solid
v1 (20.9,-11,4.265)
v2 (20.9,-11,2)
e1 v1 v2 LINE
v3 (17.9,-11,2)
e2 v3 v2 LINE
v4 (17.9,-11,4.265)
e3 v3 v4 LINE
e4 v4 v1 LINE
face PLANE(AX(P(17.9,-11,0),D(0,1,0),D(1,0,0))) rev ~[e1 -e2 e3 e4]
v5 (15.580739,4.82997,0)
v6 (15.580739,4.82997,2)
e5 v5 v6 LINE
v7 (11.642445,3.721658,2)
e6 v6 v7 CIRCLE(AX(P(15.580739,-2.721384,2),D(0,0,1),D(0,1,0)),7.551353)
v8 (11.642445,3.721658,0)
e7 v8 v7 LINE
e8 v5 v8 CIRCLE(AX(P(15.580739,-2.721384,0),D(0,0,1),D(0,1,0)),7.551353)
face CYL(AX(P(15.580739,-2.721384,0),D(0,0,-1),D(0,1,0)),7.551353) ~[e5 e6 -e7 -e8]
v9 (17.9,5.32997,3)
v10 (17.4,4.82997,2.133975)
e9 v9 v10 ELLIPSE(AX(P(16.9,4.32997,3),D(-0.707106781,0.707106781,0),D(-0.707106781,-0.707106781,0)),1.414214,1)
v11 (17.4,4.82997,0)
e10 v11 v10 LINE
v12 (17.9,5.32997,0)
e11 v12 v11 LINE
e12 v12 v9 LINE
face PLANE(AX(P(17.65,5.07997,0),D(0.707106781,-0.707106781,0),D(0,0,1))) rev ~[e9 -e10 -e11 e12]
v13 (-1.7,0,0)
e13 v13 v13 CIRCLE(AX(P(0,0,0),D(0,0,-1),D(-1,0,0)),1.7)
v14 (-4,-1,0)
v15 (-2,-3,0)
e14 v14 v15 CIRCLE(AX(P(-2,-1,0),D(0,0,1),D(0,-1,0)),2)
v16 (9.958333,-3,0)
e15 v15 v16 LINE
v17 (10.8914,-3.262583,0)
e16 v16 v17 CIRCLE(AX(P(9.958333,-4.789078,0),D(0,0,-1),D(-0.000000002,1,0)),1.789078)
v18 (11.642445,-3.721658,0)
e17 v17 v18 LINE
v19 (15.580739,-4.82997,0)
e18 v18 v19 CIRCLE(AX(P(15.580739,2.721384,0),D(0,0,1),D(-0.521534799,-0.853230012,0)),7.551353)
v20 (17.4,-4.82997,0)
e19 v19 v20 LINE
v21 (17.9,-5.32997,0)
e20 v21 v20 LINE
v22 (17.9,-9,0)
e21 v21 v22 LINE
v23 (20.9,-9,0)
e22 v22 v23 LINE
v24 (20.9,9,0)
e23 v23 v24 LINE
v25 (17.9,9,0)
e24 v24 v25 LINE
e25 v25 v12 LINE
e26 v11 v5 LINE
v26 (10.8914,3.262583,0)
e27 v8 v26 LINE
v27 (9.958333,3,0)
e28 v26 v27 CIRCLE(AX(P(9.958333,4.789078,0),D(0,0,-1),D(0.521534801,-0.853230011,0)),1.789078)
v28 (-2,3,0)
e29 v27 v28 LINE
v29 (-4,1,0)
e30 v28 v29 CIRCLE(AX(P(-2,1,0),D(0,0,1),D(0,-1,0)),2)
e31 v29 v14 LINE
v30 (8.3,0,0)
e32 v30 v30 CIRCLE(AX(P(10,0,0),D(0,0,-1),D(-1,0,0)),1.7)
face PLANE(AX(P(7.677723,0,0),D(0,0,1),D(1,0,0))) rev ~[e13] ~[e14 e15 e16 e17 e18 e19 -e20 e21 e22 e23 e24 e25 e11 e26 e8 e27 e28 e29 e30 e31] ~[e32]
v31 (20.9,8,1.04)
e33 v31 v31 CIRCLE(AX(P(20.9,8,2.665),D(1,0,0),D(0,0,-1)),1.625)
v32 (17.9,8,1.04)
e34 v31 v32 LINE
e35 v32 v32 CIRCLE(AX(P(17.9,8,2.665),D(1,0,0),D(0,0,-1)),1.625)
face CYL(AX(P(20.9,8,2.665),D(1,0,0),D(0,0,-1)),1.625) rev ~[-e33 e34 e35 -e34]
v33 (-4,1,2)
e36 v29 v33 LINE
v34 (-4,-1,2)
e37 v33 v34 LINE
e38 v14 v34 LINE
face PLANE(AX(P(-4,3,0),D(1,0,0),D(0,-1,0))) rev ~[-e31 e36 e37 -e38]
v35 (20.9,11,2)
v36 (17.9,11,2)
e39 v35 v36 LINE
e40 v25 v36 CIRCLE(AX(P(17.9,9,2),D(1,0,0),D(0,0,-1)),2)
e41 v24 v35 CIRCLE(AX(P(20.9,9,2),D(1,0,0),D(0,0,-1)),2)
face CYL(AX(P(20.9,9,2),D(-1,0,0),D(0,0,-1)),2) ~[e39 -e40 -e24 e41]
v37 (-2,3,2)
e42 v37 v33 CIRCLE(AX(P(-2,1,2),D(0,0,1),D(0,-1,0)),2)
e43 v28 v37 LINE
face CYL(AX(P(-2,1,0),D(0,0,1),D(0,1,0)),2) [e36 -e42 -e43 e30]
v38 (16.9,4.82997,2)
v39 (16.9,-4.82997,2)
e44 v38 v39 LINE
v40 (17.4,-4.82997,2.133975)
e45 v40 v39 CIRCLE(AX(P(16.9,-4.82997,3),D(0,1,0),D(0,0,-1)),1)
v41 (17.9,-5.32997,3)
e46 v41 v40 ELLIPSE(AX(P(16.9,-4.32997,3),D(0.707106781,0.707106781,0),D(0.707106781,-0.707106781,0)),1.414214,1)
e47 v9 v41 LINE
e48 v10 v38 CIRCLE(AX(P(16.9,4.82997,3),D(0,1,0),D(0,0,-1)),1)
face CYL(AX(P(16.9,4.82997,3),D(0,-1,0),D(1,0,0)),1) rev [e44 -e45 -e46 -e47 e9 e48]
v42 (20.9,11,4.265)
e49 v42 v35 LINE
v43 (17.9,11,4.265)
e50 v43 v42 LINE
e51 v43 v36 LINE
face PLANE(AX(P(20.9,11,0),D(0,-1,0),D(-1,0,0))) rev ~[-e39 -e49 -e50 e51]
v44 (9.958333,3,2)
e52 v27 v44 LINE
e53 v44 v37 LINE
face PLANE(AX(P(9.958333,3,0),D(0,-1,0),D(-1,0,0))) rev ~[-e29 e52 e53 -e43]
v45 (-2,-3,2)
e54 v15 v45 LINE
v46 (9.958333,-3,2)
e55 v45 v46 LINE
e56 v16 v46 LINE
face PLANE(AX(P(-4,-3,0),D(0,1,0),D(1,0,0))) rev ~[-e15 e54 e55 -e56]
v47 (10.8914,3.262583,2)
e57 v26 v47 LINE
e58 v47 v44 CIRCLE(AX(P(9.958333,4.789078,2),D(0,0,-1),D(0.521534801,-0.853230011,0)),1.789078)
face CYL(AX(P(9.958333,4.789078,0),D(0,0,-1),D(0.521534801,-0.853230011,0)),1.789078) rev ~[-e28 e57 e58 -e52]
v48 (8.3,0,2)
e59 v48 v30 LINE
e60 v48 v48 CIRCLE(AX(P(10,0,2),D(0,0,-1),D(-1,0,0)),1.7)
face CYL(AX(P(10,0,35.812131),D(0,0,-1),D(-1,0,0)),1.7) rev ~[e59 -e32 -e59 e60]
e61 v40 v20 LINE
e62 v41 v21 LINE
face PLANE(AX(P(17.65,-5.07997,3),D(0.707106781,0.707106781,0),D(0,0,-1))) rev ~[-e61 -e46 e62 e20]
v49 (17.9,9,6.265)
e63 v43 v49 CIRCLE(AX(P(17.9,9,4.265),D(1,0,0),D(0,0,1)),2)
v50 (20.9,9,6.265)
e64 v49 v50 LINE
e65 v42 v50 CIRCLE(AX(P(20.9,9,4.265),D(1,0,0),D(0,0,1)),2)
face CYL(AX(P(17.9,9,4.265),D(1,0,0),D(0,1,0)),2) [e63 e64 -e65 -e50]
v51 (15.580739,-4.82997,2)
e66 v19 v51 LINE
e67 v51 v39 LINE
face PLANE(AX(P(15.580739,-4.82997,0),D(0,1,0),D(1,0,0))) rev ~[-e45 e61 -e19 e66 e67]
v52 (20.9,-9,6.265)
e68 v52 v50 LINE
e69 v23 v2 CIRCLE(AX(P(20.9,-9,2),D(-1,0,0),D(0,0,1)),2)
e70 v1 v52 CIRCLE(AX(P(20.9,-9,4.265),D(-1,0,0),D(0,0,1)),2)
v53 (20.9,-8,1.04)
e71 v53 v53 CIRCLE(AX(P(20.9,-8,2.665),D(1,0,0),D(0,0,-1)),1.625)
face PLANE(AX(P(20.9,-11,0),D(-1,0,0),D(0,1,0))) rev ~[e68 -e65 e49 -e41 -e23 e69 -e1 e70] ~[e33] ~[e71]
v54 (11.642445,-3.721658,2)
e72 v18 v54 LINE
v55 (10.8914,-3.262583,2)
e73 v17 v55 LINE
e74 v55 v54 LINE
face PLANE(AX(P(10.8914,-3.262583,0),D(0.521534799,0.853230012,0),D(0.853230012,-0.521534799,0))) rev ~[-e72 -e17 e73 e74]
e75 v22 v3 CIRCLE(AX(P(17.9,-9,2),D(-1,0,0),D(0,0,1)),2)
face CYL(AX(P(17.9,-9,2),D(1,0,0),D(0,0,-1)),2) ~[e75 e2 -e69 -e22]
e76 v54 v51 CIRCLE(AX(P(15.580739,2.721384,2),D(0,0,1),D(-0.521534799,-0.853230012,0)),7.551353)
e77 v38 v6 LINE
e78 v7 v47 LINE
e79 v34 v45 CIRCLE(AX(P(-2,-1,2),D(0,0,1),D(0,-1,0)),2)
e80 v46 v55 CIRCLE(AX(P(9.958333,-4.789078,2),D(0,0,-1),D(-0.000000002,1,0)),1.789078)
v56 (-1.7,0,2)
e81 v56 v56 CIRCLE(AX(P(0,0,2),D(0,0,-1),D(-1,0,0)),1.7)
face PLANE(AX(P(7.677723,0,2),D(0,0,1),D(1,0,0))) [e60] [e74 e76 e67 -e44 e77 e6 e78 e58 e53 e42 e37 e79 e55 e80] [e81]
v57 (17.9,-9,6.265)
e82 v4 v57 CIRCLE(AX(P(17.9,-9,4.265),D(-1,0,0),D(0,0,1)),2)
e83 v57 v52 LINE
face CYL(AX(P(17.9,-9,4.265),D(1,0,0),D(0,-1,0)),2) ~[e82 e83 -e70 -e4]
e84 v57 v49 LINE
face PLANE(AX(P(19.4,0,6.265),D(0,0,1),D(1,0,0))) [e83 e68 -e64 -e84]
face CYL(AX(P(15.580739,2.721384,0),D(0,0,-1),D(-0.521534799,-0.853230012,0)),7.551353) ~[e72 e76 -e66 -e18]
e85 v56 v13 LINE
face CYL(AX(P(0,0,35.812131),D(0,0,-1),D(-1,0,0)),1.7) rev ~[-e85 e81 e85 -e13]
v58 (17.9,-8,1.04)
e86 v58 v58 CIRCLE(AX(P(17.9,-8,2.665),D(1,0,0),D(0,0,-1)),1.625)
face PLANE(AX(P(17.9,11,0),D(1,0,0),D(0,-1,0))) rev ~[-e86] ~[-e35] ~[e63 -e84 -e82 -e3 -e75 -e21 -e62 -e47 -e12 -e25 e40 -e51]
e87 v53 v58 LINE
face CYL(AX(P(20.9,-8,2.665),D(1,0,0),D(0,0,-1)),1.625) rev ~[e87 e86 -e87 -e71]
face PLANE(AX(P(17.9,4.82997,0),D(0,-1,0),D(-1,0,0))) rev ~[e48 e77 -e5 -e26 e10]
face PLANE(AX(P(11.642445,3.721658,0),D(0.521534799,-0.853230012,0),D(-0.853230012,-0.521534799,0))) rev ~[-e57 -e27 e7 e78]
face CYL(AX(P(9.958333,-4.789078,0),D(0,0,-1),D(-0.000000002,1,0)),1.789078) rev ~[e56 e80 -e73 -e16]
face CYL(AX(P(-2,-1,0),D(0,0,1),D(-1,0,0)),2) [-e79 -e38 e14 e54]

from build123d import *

# Parameters (mm, degrees)
BOSS_EXTRUDE1_DEPTH  = 2
SKETCH1_3_W          = 3
SKETCH1_3_H          = 22
BOSS_EXTRUDE2_DEPTH  = 6.265
M3_CLEARANCE_HOLE1_D = 3.4
FILLET1_R            = 2
SKETCH6_R            = 1.625
CUT_EXTRUDE1_DEPTH   = 7.5
FILLET2_R            = 1
CHAMFER1_SIZE        = 0.5


with BuildPart() as part:
    # Sketch1 → Boss-Extrude1 (new body)
    with BuildSketch(Plane.XY):
        with BuildLine():
            Line((9.958333406, 3), (-4, 3))
            Line((-4, 3), (-4, -3))
            Line((-4, -3), (9.958333406, -3))
            ThreePointArc((9.958333406, -3), (10.44298868, -3.066896425), (10.891399918, -3.262582978))
            Line((10.891399918, -3.262582978), (11.642445292, -3.721657662))
            ThreePointArc((11.642445292, -3.721657662), (13.535102515, -4.547612803), (15.580738809, -4.829969693))
            Line((15.580738809, -4.829969693), (17.9, -4.829969693))
            Line((17.9, -4.829969693), (17.9, 4.829969693))
            Line((17.9, 4.829969693), (15.580738809, 4.829969693))
            ThreePointArc((15.580738809, 4.829969693), (13.535102515, 4.547612803), (11.642445292, 3.721657662))
            Line((11.642445292, 3.721657662), (10.891399918, 3.262582978))
            ThreePointArc((10.891399918, 3.262582978), (10.44298868, 3.066896425), (9.958333406, 3))
        make_face()
        Polygon((17.9, 11), (17.9, 4.829969693), (17.9, -4.829969693), (17.9, -11), (20.9, -11), (20.9, 11), align=None)
    extrude(amount=BOSS_EXTRUDE1_DEPTH)

    # Sketch1<3> → Boss-Extrude2 (add)
    with BuildSketch(Plane.XY):
        with Locations((19.4, 0)):
            Rectangle(SKETCH1_3_W, SKETCH1_3_H)
    extrude(amount=BOSS_EXTRUDE2_DEPTH)

    # M3 Clearance Hole1 (through all)
    with Locations(Plane.XY.offset(2)):
        with Locations((0, 0), (10, 0)):
            Hole(M3_CLEARANCE_HOLE1_D / 2)

    # Fillet1
    fillet1_edges = [part.edges().sort_by_distance(p)[0] for p in [
        (19.4, 11, 0),
        (19.4, -11, 0),
        (-4, -3, 1),
        (-4, 3, 1),
        (19.4, -11, 6.265),
        (19.4, 11, 6.265),
    ]]
    fillet(fillet1_edges, radius=FILLET1_R)

    # Sketch6 → Cut-Extrude1 (cut)
    with BuildSketch(Plane(origin=(20.9, 0, 0), x_dir=(0, 0, -1), z_dir=(1, 0, 0))):
        with Locations((-2.665, -8)):
            Circle(SKETCH6_R)
        with Locations((-2.665, 8)):
            Circle(SKETCH6_R)
    extrude(amount=-CUT_EXTRUDE1_DEPTH, mode=Mode.SUBTRACT)

    # Fillet2
    fillet2_edges = [part.edges().sort_by_distance(p)[0] for p in [
        (17.9, 0, 2),
    ]]
    fillet(fillet2_edges, radius=FILLET2_R)

    # Chamfer1
    chamfer1_edges = [part.edges().sort_by_distance(p)[0] for p in [
        (17.9, 4.829969693, 1),
        (17.9, -4.829969693, 1),
    ]]
    chamfer(chamfer1_edges, length=CHAMFER1_SIZE)


solid = part.part
